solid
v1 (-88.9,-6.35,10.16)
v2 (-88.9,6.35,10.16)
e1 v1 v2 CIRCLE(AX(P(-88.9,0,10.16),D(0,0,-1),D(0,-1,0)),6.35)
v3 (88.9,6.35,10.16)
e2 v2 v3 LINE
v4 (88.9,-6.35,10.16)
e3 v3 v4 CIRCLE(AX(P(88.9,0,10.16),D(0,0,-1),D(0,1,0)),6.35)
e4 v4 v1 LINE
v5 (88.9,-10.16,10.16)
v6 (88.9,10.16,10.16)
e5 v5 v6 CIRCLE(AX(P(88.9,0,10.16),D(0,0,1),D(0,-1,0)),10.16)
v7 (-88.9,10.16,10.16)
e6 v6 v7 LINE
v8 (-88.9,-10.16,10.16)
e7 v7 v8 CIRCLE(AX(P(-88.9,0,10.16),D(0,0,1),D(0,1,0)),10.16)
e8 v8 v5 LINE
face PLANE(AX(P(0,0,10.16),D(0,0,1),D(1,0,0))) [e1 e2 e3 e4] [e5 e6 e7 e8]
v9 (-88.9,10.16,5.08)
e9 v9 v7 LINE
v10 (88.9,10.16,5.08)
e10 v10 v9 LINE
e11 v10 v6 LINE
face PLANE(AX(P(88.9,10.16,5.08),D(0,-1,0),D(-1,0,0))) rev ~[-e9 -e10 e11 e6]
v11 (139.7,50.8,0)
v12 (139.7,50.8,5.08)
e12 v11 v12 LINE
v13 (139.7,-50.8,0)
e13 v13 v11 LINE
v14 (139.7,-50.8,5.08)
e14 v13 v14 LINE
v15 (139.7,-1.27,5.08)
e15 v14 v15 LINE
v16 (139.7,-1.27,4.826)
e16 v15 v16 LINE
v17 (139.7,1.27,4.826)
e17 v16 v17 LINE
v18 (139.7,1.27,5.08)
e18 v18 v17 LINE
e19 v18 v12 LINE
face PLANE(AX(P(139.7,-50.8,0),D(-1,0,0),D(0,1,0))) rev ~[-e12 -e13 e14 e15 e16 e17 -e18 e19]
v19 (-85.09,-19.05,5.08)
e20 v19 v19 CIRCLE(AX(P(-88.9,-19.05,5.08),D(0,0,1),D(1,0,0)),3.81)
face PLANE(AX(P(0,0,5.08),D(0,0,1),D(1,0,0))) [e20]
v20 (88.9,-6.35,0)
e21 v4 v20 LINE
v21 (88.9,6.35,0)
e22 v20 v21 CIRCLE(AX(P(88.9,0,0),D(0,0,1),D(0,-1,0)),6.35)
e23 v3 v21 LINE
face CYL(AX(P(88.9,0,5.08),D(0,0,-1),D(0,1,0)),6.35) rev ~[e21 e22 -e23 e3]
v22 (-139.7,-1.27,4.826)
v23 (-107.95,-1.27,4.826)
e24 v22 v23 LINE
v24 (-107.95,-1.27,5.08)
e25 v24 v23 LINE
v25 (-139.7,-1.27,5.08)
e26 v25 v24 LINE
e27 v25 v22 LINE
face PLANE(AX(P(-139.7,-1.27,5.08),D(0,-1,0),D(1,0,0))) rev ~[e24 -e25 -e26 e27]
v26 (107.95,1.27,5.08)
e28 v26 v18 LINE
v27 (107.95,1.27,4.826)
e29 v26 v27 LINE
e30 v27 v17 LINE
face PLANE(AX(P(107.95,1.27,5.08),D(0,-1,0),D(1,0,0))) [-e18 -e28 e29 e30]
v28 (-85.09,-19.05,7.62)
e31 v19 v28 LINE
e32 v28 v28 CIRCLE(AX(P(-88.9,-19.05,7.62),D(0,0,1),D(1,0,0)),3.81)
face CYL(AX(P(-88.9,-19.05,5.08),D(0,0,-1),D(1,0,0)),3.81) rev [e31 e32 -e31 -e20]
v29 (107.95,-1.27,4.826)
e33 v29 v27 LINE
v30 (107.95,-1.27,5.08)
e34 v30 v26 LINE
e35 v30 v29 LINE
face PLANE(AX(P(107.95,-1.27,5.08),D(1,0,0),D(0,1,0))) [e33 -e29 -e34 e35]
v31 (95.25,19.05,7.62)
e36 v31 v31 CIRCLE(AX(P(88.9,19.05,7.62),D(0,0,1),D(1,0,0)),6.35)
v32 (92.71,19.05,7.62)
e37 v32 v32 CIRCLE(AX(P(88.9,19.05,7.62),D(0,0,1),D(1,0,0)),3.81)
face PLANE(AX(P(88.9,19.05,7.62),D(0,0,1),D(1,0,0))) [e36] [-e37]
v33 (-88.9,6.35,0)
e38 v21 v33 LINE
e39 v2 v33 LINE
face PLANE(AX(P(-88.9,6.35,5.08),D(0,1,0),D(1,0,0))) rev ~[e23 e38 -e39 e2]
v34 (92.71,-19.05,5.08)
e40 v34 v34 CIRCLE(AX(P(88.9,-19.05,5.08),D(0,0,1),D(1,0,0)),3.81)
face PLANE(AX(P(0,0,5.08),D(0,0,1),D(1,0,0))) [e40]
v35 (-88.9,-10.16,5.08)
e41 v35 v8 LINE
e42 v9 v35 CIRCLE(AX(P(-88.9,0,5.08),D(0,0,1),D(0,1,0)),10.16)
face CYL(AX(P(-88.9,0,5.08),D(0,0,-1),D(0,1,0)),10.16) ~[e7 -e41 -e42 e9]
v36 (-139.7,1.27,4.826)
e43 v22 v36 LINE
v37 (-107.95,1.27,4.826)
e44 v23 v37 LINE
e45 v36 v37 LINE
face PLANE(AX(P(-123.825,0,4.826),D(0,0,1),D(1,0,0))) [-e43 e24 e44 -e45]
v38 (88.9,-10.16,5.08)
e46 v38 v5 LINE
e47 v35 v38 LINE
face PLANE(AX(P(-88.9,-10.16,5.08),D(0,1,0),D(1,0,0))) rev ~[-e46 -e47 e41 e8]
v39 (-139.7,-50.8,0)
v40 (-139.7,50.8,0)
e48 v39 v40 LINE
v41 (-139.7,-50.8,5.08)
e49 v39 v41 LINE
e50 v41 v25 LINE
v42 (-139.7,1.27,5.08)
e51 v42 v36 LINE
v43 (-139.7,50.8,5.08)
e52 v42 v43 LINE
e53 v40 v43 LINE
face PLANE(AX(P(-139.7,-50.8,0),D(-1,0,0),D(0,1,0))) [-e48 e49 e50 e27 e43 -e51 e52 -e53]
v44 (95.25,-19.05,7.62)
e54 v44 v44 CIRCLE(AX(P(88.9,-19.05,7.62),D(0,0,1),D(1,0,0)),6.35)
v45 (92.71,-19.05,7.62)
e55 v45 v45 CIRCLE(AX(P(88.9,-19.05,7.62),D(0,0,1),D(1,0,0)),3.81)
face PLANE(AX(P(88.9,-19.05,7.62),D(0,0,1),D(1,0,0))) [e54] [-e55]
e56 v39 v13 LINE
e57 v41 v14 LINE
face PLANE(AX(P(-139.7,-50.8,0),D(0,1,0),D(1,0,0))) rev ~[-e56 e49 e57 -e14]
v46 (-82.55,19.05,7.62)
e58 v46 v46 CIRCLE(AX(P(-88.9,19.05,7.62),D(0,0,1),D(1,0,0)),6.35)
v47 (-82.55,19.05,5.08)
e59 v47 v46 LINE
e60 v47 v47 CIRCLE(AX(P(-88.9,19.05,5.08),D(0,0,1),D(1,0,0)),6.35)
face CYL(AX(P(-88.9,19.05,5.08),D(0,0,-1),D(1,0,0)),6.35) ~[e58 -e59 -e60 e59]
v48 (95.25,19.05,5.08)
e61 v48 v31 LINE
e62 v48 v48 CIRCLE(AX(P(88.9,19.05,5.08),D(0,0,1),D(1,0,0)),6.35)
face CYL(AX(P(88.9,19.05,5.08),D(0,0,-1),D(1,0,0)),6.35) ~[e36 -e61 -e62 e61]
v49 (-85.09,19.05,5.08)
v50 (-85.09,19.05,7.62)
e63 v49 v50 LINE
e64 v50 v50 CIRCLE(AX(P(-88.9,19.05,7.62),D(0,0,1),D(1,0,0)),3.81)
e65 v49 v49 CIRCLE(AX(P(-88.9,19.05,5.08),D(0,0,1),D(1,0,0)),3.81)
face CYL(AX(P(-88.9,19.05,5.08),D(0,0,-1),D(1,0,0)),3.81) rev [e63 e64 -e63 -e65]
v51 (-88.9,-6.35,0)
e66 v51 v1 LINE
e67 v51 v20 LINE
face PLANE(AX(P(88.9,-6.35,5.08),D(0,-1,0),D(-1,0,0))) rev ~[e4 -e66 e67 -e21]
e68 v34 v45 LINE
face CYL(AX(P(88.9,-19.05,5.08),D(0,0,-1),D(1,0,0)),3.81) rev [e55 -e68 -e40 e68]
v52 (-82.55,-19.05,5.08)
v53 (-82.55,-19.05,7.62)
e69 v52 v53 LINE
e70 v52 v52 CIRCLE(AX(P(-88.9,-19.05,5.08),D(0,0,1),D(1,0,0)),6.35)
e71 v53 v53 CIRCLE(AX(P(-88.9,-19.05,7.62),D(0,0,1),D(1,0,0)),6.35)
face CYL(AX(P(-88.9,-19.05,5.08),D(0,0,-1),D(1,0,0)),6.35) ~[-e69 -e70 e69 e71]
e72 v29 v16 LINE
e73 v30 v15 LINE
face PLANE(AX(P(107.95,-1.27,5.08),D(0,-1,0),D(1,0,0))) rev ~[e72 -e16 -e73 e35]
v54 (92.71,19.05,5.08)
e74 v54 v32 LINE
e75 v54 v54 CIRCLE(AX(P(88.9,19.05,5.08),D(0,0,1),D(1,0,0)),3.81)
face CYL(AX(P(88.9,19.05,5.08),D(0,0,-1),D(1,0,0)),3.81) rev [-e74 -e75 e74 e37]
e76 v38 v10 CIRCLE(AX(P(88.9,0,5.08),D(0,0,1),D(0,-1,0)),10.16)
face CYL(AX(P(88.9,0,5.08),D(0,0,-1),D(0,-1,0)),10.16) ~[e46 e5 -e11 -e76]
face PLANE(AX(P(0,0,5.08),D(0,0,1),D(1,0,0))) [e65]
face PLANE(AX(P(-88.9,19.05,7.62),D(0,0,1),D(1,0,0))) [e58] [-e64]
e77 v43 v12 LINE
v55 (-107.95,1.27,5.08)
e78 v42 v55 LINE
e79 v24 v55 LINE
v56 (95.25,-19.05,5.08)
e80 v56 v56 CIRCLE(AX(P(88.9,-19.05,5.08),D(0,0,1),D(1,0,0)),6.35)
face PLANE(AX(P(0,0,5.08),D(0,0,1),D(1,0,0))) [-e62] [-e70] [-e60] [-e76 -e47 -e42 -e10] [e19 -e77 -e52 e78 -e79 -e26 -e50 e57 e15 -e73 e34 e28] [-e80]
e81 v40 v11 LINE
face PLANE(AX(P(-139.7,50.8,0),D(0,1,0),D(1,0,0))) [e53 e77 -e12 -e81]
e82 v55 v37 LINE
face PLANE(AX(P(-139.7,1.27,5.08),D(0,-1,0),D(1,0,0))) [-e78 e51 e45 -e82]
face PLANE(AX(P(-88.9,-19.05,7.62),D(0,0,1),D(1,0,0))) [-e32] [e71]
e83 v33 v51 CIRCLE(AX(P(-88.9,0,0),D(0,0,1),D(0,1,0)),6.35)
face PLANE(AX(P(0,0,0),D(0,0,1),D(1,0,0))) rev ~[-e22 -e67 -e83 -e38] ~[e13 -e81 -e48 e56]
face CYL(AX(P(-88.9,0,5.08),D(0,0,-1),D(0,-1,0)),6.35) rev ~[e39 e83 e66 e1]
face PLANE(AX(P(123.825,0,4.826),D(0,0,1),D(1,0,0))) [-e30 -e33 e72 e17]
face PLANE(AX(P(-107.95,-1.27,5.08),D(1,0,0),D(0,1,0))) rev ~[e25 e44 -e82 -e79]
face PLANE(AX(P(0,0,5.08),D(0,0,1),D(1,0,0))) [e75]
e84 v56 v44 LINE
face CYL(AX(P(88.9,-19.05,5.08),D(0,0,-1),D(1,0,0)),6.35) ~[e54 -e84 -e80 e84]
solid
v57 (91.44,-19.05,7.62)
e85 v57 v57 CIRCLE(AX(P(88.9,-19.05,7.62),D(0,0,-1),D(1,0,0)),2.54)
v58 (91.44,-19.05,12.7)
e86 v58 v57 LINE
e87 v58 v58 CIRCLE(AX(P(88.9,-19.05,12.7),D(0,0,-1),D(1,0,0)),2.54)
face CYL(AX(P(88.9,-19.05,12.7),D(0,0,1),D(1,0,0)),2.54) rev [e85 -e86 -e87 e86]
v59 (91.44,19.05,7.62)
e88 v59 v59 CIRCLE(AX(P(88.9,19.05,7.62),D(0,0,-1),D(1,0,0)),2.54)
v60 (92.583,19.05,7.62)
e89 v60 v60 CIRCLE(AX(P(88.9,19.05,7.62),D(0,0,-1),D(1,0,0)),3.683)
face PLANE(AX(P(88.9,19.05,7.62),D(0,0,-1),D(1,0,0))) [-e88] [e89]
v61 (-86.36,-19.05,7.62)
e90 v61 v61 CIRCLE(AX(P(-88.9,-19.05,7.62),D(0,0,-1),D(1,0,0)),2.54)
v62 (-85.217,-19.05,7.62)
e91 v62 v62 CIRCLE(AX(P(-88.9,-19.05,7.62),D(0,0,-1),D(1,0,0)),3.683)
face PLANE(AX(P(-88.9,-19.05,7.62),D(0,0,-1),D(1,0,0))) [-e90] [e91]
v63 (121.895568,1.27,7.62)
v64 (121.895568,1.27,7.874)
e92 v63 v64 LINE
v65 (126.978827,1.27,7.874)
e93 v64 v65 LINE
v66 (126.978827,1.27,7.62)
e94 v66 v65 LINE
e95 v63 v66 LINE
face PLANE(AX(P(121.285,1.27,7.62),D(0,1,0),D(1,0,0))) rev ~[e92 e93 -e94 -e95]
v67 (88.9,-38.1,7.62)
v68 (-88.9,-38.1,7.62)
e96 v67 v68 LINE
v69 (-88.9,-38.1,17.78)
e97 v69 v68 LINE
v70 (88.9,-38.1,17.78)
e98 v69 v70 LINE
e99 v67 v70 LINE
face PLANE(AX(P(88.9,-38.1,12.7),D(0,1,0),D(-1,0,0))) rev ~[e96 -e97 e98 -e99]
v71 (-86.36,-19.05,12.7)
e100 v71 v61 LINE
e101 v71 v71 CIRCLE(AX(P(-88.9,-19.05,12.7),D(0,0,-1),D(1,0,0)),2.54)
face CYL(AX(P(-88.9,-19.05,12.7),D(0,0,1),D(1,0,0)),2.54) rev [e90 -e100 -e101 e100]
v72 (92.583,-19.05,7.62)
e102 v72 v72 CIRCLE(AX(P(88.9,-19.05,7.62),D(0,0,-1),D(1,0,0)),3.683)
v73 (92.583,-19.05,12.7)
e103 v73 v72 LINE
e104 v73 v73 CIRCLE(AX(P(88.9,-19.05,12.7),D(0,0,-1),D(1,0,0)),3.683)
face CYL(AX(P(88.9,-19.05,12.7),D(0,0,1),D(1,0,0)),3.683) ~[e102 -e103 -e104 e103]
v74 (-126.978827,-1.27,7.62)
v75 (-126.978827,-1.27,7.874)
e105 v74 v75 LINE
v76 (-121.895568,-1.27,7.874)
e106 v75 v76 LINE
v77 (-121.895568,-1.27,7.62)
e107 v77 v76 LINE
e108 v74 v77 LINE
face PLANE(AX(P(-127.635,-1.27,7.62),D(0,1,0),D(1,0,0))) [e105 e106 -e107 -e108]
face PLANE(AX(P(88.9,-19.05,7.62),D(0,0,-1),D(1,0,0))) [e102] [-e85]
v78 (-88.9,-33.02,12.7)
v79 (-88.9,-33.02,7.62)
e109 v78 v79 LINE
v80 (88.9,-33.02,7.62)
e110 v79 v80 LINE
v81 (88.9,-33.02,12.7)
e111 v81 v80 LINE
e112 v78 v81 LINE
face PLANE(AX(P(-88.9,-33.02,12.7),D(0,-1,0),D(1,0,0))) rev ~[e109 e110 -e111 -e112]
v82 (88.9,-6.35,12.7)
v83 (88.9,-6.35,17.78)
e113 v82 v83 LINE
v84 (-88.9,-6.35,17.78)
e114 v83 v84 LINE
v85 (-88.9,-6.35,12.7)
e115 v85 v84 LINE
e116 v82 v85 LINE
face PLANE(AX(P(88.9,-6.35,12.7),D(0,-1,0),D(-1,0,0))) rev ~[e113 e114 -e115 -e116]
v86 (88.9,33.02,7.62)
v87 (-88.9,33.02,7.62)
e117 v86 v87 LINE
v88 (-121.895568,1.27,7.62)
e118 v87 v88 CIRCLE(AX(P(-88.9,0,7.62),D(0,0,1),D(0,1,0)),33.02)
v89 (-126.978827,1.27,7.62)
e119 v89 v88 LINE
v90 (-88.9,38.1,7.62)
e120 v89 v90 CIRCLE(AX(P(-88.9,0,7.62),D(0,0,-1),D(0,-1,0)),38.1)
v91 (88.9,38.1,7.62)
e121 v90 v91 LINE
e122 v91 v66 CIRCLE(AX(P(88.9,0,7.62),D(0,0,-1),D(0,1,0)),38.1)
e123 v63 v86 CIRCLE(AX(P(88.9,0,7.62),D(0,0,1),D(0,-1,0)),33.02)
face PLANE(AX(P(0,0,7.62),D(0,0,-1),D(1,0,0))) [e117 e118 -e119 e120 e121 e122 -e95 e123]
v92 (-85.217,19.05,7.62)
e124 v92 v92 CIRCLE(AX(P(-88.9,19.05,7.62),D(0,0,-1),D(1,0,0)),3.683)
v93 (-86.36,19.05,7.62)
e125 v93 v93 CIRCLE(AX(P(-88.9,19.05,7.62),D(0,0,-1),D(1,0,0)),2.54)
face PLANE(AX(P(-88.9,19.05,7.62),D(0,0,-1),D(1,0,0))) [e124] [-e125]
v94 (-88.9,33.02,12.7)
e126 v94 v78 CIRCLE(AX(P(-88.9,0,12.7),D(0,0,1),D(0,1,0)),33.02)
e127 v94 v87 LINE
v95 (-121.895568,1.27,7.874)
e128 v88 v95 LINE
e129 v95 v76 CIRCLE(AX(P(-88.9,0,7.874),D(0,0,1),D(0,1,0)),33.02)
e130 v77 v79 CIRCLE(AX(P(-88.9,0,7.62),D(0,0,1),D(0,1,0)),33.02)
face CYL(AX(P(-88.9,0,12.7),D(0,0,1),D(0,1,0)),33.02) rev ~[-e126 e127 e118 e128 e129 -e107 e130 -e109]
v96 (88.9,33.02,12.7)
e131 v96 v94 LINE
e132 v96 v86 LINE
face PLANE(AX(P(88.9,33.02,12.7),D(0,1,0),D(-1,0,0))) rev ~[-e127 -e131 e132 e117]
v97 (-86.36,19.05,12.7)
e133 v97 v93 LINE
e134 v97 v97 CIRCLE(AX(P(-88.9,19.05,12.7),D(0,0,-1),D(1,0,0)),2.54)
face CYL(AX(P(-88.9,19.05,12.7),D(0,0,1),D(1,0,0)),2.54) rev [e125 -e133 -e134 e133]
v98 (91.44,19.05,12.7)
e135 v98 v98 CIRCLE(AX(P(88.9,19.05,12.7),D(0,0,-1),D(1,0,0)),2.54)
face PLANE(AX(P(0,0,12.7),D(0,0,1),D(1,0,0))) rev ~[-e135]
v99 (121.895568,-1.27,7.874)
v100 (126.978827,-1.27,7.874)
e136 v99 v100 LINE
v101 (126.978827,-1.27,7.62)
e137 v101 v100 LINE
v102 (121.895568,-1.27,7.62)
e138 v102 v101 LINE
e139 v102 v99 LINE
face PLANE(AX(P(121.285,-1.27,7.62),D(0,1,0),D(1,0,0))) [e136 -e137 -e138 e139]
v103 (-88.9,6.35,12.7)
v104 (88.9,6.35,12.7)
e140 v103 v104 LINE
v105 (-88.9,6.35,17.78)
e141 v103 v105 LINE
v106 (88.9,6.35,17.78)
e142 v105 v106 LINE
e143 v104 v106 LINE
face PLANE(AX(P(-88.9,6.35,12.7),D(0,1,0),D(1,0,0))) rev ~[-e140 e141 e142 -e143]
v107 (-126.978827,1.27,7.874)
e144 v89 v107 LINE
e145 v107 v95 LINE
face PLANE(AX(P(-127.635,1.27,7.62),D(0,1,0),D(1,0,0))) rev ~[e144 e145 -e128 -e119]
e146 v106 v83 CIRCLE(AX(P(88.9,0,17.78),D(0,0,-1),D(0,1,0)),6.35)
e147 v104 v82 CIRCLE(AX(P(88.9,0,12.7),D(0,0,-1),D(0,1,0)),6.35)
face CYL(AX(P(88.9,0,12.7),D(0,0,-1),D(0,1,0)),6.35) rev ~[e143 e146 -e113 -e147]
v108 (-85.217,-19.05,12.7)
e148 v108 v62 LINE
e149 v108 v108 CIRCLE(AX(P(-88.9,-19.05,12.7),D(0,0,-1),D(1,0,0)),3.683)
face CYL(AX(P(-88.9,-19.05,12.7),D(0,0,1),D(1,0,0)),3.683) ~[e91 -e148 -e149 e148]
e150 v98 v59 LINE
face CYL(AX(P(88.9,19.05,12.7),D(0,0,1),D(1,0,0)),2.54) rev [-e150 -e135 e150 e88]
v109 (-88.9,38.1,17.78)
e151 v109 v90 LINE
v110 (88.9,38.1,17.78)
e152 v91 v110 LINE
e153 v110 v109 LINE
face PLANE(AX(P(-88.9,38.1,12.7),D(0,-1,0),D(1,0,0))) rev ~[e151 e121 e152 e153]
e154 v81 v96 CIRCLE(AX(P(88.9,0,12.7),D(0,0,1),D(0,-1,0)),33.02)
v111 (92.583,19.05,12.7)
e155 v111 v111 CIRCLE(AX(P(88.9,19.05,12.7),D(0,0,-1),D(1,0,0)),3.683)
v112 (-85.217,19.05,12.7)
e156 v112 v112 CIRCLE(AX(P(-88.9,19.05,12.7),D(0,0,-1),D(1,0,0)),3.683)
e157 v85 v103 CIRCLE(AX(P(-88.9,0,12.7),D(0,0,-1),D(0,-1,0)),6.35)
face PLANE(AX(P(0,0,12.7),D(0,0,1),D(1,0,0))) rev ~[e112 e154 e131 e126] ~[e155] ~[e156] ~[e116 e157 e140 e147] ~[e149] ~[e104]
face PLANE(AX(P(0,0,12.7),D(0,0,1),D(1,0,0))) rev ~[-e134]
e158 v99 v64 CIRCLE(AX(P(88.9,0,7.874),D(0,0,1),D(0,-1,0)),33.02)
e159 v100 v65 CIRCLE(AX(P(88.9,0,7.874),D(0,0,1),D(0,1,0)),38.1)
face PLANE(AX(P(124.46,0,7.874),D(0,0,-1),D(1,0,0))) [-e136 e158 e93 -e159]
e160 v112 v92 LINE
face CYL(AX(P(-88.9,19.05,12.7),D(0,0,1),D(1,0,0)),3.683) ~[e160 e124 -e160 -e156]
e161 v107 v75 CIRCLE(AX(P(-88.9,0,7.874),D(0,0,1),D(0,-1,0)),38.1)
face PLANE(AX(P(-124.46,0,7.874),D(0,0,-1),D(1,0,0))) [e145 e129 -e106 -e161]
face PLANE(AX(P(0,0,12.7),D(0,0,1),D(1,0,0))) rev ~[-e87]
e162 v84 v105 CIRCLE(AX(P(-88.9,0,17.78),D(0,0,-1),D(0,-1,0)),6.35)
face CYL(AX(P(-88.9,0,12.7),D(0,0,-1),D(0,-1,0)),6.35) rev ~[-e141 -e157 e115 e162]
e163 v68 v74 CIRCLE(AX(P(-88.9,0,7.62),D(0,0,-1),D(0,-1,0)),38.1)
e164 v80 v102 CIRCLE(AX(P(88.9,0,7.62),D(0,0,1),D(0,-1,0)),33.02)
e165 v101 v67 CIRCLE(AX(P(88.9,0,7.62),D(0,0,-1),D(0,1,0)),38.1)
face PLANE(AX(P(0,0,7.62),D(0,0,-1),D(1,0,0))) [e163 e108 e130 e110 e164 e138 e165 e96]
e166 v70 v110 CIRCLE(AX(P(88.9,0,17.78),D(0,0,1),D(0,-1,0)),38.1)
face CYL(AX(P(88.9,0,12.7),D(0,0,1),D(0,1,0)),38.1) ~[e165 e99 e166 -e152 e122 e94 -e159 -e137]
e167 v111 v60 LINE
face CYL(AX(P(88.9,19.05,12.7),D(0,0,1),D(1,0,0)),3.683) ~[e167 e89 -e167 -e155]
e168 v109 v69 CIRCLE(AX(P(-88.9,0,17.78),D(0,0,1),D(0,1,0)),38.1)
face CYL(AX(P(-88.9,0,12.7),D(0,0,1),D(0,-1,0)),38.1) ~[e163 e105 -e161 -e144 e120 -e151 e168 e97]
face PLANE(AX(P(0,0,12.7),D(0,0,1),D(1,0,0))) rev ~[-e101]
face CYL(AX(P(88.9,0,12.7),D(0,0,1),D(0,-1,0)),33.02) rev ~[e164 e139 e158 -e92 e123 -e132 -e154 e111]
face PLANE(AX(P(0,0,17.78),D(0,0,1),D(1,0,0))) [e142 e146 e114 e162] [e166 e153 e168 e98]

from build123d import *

# Parameters (mm, degrees)
F0_W      = 279.4
F0_H      = 101.6
F1_DEPTH  = 5.08
F3_DEPTH  = 5.081
F5_DEPTH  = 5.08
F8_DEPTH  = 5.08
F10_DEPTH = 5.08
F11_R     = 6.35
F11_R_2   = 3.81
F12_DEPTH = 2.54
F13_R     = 3.683
F13_R_2   = 2.54
F14_DEPTH = 5.08
F15_W     = 31.75
F15_H     = 2.54
F16_DEPTH = 0.254
F17_W     = 6.35
F17_H     = 2.54
F18_DEPTH = 0.254


with BuildPart() as f1:
    # F0 (on Top) → F1 (new body)
    with BuildSketch(Plane.XY):
        Rectangle(F0_W, F0_H)
    extrude(amount=F1_DEPTH)

    # F2 (on face) → F3 (cut, through all)
    with BuildSketch(Plane.XY.offset(5.08)):
        with BuildLine():
            ThreePointArc((-88.9, 6.35), (-95.25, 0), (-88.9, -6.35))
            Line((-88.9, -6.35), (88.9, -6.35))
            ThreePointArc((88.9, -6.35), (95.25, 0), (88.9, 6.35))
            Line((88.9, 6.35), (-88.9, 6.35))
        make_face()
    extrude(amount=-F3_DEPTH, mode=Mode.SUBTRACT)

    # F4 (on face) → F5 (join)
    with BuildSketch(Plane.XY.offset(5.08)):
        with BuildLine():
            Line((88.9, 10.16), (-88.9, 10.16))
            ThreePointArc((-88.9, 10.16), (-99.06, 0), (-88.9, -10.16))
            Line((-88.9, -10.16), (88.9, -10.16))
            ThreePointArc((88.9, -10.16), (99.06, 0), (88.9, 10.16))
        make_face()
        with BuildLine():
            ThreePointArc((-88.9, -6.35), (-95.25, 0), (-88.9, 6.35))
            Line((-88.9, 6.35), (88.9, 6.35))
            ThreePointArc((88.9, 6.35), (95.25, 0), (88.9, -6.35))
            Line((88.9, -6.35), (-88.9, -6.35))
        make_face(mode=Mode.SUBTRACT)
    extrude(amount=F5_DEPTH)

    # F11 (on face) → F12 (join)
    with BuildSketch(Plane.XY.offset(5.08)):
        with Locations((-88.9, -19.05)):
            Circle(F11_R)
        with Locations((-88.9, -19.05)):
            Circle(F11_R_2, mode=Mode.SUBTRACT)
        with Locations((-88.9, 19.05)):
            Circle(F11_R)
        with Locations((-88.9, 19.05)):
            Circle(F11_R_2, mode=Mode.SUBTRACT)
        with Locations((88.9, -19.05)):
            Circle(F11_R)
        with Locations((88.9, -19.05)):
            Circle(F11_R_2, mode=Mode.SUBTRACT)
        with Locations((88.9, 19.05)):
            Circle(F11_R)
        with Locations((88.9, 19.05)):
            Circle(F11_R_2, mode=Mode.SUBTRACT)
    extrude(amount=F12_DEPTH)

    # F15 (on face) → F16 (cut)
    with BuildSketch(Plane.XY.offset(5.08)):
        with Locations((-123.825, 0)):
            Rectangle(F15_W, F15_H)
        with Locations((123.825, 0)):
            Rectangle(F15_W, F15_H)
    extrude(amount=-F16_DEPTH, mode=Mode.SUBTRACT)


with BuildPart() as f8:
    # F7 (on offset) → F8 (new body)
    with BuildSketch(Plane.XY.offset(12.7)):
        with BuildLine():
            Line((88.9, 38.1), (-88.9, 38.1))
            ThreePointArc((-88.9, 38.1), (-127, 0), (-88.9, -38.1))
            Line((-88.9, -38.1), (88.9, -38.1))
            ThreePointArc((88.9, -38.1), (127, 0), (88.9, 38.1))
        make_face()
        with BuildLine():
            ThreePointArc((-88.9, -6.35), (-95.25, 0), (-88.9, 6.35))
            Line((-88.9, 6.35), (88.9, 6.35))
            ThreePointArc((88.9, 6.35), (95.25, 0), (88.9, -6.35))
            Line((88.9, -6.35), (-88.9, -6.35))
        make_face(mode=Mode.SUBTRACT)
    extrude(amount=F8_DEPTH)

    # F9 (on face) → F10 (join)
    with BuildSketch(Plane(origin=(0, 0, 12.7), x_dir=(1, 0, 0), z_dir=(0, 0, -1))):
        with BuildLine():
            Line((88.9, 38.1), (-88.9, 38.1))
            ThreePointArc((-88.9, 38.1), (-127, 0), (-88.9, -38.1))
            Line((-88.9, -38.1), (88.9, -38.1))
            ThreePointArc((88.9, -38.1), (127, 0), (88.9, 38.1))
        make_face()
        with BuildLine():
            ThreePointArc((-88.9, -33.02), (-121.92, 0), (-88.9, 33.02))
            Line((-88.9, 33.02), (88.9, 33.02))
            ThreePointArc((88.9, 33.02), (121.92, 0), (88.9, -33.02))
            Line((88.9, -33.02), (-88.9, -33.02))
        make_face(mode=Mode.SUBTRACT)
    extrude(amount=F10_DEPTH)

    # F13 (on face) → F14 (join)
    with BuildSketch(Plane(origin=(0, 0, 12.7), x_dir=(1, 0, 0), z_dir=(0, 0, -1))):
        with Locations((-88.9, -19.05)):
            Circle(F13_R)
        with Locations((-88.9, -19.05)):
            Circle(F13_R_2, mode=Mode.SUBTRACT)
        with Locations((-88.9, 19.05)):
            Circle(F13_R)
        with Locations((-88.9, 19.05)):
            Circle(F13_R_2, mode=Mode.SUBTRACT)
        with Locations((88.9, -19.05)):
            Circle(F13_R)
        with Locations((88.9, -19.05)):
            Circle(F13_R_2, mode=Mode.SUBTRACT)
        with Locations((88.9, 19.05)):
            Circle(F13_R)
        with Locations((88.9, 19.05)):
            Circle(F13_R_2, mode=Mode.SUBTRACT)
    extrude(amount=F14_DEPTH)

    # F17 (on face) → F18 (cut)
    with BuildSketch(Plane(origin=(0, 0, 7.62), x_dir=(1, 0, 0), z_dir=(0, 0, -1))):
        with Locations((-124.46, 0)):
            Rectangle(F17_W, F17_H)
        with Locations((124.46, 0)):
            Rectangle(F17_W, F17_H)
    extrude(amount=-F18_DEPTH, mode=Mode.SUBTRACT)


solid = Compound([f1.part, f8.part])
